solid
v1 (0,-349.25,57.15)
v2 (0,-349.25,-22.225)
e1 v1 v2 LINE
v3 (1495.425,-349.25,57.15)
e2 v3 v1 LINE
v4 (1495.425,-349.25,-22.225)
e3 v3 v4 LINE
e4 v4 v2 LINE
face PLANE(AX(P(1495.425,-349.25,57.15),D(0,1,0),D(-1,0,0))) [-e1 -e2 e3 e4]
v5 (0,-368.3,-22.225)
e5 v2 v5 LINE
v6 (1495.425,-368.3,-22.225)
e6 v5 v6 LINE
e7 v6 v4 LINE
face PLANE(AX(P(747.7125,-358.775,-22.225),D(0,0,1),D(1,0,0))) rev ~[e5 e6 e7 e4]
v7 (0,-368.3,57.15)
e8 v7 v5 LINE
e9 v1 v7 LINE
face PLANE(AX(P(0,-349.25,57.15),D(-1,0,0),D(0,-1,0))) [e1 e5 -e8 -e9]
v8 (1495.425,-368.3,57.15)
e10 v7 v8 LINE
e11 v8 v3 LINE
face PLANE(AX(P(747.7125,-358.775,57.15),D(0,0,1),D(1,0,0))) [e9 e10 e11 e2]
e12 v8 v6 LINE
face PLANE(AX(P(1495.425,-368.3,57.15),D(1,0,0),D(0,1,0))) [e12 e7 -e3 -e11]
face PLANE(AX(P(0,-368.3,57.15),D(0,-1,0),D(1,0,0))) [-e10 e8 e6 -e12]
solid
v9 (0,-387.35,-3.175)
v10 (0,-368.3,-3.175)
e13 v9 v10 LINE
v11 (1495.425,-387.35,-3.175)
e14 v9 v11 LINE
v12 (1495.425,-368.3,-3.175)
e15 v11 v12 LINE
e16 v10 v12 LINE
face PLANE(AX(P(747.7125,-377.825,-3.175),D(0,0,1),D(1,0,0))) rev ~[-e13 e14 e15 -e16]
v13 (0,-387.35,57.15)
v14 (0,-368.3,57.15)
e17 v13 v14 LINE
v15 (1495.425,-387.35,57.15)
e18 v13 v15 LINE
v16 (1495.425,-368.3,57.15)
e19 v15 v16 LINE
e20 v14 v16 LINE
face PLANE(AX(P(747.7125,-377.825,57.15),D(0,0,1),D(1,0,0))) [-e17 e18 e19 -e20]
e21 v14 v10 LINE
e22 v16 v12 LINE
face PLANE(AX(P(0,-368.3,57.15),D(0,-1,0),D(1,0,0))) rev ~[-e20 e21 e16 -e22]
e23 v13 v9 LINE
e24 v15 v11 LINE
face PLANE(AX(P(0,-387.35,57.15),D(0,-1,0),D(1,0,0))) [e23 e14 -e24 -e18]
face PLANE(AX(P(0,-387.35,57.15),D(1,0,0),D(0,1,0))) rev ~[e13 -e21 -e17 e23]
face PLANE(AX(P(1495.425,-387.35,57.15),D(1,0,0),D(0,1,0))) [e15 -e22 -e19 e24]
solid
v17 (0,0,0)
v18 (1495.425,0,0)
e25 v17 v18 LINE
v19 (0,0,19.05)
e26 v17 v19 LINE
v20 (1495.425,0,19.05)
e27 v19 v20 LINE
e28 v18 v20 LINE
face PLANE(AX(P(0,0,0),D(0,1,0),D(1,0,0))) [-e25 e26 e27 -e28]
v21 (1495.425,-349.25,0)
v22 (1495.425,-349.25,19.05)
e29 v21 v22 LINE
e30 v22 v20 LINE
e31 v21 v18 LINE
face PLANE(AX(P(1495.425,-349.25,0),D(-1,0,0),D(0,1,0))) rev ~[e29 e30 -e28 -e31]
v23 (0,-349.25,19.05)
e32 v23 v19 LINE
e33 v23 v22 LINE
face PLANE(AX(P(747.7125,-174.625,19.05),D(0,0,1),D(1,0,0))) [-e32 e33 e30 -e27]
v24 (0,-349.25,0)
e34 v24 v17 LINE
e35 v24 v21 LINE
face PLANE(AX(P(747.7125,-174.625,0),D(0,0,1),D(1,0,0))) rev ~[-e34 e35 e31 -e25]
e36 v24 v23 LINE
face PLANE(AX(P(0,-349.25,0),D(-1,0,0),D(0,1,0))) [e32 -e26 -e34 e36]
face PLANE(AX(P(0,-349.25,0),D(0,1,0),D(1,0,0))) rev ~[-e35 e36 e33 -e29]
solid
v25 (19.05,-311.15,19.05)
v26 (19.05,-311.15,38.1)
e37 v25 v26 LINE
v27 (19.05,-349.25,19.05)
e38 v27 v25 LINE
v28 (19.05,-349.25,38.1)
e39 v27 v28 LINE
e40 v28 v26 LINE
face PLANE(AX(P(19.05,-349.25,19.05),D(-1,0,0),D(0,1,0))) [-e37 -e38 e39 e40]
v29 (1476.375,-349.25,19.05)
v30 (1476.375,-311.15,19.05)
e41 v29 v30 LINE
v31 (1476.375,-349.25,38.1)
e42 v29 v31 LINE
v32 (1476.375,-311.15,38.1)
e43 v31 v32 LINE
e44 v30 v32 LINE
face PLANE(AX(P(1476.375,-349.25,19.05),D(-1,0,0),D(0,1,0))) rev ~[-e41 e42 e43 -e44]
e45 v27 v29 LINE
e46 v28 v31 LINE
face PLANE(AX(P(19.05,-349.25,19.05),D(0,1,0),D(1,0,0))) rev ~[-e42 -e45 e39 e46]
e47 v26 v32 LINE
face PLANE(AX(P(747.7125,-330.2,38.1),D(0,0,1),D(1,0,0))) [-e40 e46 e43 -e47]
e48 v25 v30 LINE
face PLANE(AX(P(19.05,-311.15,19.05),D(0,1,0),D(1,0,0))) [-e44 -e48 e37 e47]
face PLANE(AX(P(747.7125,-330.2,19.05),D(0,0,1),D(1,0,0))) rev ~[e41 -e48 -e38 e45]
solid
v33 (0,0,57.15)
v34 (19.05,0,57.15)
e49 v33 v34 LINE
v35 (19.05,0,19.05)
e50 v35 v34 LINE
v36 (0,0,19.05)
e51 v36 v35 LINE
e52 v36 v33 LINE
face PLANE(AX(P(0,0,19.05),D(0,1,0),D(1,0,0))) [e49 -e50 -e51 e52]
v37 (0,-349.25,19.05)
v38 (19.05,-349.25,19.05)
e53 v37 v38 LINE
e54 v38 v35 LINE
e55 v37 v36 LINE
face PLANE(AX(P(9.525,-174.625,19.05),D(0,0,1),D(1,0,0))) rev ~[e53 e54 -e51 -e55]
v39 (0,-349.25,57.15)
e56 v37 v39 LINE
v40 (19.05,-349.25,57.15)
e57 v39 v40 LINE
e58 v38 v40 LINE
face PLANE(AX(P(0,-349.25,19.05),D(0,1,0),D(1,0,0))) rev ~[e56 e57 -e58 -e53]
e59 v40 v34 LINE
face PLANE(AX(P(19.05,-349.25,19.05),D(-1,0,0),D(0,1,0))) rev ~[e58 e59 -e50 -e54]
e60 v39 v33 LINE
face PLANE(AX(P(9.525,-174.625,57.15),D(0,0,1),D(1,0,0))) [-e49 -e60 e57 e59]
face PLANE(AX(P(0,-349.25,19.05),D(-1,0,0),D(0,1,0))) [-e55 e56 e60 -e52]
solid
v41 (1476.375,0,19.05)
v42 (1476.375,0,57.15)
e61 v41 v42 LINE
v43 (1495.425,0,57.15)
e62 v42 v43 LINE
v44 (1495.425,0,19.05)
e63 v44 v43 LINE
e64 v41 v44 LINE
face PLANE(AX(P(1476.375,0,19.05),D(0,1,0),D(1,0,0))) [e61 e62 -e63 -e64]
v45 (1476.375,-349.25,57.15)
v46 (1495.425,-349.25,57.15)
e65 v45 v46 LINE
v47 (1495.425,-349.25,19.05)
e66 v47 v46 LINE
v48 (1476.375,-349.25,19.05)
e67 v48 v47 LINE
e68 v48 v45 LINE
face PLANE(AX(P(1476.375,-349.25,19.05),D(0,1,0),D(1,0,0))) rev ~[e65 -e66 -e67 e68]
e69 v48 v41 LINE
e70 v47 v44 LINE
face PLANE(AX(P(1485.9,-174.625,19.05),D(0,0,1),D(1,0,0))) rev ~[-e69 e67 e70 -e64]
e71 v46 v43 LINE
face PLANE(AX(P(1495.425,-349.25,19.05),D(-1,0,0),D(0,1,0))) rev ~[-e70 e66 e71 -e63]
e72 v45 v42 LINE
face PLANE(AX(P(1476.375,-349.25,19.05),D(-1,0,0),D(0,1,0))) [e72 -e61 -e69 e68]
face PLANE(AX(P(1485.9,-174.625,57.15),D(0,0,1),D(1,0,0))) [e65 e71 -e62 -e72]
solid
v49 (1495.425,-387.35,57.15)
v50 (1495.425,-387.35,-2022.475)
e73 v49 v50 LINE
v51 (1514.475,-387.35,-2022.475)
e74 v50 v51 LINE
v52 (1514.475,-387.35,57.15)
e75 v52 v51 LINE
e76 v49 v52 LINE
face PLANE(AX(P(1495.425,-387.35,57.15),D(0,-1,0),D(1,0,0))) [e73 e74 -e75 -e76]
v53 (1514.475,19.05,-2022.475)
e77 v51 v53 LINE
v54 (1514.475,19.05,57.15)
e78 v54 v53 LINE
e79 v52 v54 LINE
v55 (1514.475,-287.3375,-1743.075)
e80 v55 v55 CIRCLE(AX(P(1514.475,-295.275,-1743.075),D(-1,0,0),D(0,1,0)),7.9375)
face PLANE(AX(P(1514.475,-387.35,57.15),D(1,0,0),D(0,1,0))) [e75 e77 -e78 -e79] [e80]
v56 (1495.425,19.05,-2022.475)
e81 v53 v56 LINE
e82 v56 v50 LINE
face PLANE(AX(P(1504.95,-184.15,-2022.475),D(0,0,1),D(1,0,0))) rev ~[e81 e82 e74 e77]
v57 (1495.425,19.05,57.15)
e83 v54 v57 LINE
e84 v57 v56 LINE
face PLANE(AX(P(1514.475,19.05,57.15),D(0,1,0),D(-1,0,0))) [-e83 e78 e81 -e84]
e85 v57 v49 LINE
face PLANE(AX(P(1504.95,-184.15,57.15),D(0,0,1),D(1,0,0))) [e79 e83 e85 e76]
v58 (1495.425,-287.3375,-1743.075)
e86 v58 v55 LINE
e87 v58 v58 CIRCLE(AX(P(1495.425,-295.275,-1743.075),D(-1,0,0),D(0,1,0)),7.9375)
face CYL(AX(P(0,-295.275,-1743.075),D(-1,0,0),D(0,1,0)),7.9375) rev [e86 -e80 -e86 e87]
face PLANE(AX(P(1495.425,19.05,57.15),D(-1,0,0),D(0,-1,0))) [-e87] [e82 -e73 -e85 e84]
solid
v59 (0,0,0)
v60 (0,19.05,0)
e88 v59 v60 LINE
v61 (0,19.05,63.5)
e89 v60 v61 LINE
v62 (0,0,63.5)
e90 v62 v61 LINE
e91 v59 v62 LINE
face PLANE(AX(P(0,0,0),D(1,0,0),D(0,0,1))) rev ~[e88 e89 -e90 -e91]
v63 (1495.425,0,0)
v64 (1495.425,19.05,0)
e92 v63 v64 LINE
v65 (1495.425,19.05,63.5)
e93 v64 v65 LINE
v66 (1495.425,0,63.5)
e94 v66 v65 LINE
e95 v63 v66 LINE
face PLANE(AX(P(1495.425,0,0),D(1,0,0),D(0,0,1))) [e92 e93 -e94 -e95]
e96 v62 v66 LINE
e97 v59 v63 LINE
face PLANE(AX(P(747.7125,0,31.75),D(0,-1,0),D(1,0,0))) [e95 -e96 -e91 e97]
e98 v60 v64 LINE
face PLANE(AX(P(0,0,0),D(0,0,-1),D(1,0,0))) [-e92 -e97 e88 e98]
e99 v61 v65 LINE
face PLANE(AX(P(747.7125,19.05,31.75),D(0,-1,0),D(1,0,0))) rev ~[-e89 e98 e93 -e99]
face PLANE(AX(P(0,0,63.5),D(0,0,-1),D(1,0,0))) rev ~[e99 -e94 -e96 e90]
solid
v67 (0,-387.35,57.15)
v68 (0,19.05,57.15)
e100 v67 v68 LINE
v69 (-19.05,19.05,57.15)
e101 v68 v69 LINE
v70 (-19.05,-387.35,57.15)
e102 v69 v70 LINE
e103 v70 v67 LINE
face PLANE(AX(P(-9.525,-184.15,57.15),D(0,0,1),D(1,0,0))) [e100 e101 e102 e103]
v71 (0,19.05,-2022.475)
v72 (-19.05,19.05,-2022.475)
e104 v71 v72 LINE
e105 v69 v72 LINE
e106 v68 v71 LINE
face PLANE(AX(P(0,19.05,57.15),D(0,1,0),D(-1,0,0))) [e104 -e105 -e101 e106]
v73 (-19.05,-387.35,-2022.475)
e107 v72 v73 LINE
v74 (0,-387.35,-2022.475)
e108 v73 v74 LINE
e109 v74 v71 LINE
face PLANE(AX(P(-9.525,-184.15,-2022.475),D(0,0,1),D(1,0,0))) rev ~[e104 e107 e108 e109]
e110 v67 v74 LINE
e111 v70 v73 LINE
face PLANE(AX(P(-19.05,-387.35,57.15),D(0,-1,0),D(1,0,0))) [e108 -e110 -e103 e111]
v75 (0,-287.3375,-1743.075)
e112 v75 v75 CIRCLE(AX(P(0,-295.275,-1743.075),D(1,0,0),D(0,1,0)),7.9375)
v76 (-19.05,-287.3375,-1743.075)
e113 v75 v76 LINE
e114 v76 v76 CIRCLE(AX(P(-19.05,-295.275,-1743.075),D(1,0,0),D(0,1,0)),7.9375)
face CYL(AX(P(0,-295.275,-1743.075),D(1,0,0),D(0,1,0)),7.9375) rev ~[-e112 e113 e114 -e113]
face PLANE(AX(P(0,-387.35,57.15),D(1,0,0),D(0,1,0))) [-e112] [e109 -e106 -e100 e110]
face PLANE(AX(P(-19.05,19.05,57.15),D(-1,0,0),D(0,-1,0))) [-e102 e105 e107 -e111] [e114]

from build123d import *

# Parameters (mm, degrees)
F0_W           = 1495.425
F0_H           = 349.25
F1_DEPTH       = 19.05
F2_W           = 19.05
F2_H           = 349.25
F3_DEPTH       = 38.1
F4_W           = 1495.425
F4_H           = 63.5
F5_DEPTH       = 19.05
F7_DEPTH       = 79.375
F6_W           = 1495.425
F6_H           = 19.05
F8_DEPTH       = 60.325
F9_W           = 1457.325
F9_H           = 38.1
F10_DEPTH      = 19.05
F11_DEPTH      = 2079.625
F12_R          = 7.9375
F13_DEPTH      = 19.051
F13_DEPTH_BACK = 1514.476


with BuildPart() as f1:
    # F0 (on Top) → F1 (new body)
    with BuildSketch(Plane.XY):
        with Locations((747.7125, -174.625)):
            Rectangle(F0_W, F0_H)
    extrude(amount=F1_DEPTH)


with BuildPart() as f3:
    # F2 (on face) → F3 (new body)
    with BuildSketch(Plane.XY.offset(19.05)):
        with Locations((9.525, -174.625)):
            Rectangle(F2_W, F2_H)
    extrude(amount=F3_DEPTH)


with BuildPart() as f3b:
    # F2 (on face) → F3, piece 2 (new body)
    with BuildSketch(Plane.XY.offset(19.05)):
        with Locations((1485.9, -174.625)):
            Rectangle(F2_W, F2_H)
    extrude(amount=F3_DEPTH)


with BuildPart() as f5:
    # F4 (on Front) → F5 (new body)
    with BuildSketch(Plane.XZ):
        with Locations((747.7125, 31.75)):
            Rectangle(F4_W, F4_H)
    extrude(amount=-F5_DEPTH)


with BuildPart() as f7:
    # F6 (on face) → F7 (new body)
    with BuildSketch(Plane.XY.offset(57.15)):
        Polygon((19.05, -349.25), (0, -349.25), (0, -368.3), (1495.425, -368.3), (1495.425, -349.25), align=None)
    extrude(amount=-F7_DEPTH)


with BuildPart() as f8:
    # F6 (on face) → F8 (new body)
    with BuildSketch(Plane.XY.offset(57.15)):
        with Locations((747.7125, -377.825)):
            Rectangle(F6_W, F6_H)
    extrude(amount=-F8_DEPTH)


with BuildPart() as f10:
    # F9 (on face) → F10 (new body)
    with BuildSketch(Plane.XY.offset(19.05)):
        with Locations((747.7125, -330.2)):
            Rectangle(F9_W, F9_H)
    extrude(amount=F10_DEPTH)


with BuildPart() as f11:
    # F6 (on face) → F11 (new body)
    with BuildSketch(Plane.XY.offset(57.15)):
        Polygon((0, -368.3), (0, -349.25), (0, 0), (0, 19.05), (-19.05, 19.05), (-19.05, -387.35), (0, -387.35), align=None)
    extrude(amount=-F11_DEPTH)


with BuildPart() as f11b:
    # F6 (on face) → F11, piece 2 (new body)
    with BuildSketch(Plane.XY.offset(57.15)):
        Polygon((1495.425, 19.05), (1495.425, -349.25), (1495.425, -368.3), (1495.425, -387.35), (1514.475, -387.35), (1514.475, 19.05), align=None)
    extrude(amount=-F11_DEPTH)


with BuildPart() as f13_tool:
    # F12 (on face) → F13 (new body, two sides)
    with BuildSketch(Plane.YZ) as f13_sk:
        with Locations((-295.275, -1743.075)):
            Circle(F12_R)
    extrude(amount=-F13_DEPTH)
    extrude(f13_sk.sketch, amount=F13_DEPTH_BACK)


with BuildPart() as f11_1:
    add(f11.part)

    # F13: cut by f13_tool
    add(f13_tool.part, mode=Mode.SUBTRACT)


with BuildPart() as f11b_1:
    add(f11b.part)

    # F13: cut by f13_tool
    add(f13_tool.part, mode=Mode.SUBTRACT)


solid = Compound([f1.part, f3.part, f3b.part, f5.part, f7.part, f8.part, f10.part, f11_1.part, f11b_1.part])
